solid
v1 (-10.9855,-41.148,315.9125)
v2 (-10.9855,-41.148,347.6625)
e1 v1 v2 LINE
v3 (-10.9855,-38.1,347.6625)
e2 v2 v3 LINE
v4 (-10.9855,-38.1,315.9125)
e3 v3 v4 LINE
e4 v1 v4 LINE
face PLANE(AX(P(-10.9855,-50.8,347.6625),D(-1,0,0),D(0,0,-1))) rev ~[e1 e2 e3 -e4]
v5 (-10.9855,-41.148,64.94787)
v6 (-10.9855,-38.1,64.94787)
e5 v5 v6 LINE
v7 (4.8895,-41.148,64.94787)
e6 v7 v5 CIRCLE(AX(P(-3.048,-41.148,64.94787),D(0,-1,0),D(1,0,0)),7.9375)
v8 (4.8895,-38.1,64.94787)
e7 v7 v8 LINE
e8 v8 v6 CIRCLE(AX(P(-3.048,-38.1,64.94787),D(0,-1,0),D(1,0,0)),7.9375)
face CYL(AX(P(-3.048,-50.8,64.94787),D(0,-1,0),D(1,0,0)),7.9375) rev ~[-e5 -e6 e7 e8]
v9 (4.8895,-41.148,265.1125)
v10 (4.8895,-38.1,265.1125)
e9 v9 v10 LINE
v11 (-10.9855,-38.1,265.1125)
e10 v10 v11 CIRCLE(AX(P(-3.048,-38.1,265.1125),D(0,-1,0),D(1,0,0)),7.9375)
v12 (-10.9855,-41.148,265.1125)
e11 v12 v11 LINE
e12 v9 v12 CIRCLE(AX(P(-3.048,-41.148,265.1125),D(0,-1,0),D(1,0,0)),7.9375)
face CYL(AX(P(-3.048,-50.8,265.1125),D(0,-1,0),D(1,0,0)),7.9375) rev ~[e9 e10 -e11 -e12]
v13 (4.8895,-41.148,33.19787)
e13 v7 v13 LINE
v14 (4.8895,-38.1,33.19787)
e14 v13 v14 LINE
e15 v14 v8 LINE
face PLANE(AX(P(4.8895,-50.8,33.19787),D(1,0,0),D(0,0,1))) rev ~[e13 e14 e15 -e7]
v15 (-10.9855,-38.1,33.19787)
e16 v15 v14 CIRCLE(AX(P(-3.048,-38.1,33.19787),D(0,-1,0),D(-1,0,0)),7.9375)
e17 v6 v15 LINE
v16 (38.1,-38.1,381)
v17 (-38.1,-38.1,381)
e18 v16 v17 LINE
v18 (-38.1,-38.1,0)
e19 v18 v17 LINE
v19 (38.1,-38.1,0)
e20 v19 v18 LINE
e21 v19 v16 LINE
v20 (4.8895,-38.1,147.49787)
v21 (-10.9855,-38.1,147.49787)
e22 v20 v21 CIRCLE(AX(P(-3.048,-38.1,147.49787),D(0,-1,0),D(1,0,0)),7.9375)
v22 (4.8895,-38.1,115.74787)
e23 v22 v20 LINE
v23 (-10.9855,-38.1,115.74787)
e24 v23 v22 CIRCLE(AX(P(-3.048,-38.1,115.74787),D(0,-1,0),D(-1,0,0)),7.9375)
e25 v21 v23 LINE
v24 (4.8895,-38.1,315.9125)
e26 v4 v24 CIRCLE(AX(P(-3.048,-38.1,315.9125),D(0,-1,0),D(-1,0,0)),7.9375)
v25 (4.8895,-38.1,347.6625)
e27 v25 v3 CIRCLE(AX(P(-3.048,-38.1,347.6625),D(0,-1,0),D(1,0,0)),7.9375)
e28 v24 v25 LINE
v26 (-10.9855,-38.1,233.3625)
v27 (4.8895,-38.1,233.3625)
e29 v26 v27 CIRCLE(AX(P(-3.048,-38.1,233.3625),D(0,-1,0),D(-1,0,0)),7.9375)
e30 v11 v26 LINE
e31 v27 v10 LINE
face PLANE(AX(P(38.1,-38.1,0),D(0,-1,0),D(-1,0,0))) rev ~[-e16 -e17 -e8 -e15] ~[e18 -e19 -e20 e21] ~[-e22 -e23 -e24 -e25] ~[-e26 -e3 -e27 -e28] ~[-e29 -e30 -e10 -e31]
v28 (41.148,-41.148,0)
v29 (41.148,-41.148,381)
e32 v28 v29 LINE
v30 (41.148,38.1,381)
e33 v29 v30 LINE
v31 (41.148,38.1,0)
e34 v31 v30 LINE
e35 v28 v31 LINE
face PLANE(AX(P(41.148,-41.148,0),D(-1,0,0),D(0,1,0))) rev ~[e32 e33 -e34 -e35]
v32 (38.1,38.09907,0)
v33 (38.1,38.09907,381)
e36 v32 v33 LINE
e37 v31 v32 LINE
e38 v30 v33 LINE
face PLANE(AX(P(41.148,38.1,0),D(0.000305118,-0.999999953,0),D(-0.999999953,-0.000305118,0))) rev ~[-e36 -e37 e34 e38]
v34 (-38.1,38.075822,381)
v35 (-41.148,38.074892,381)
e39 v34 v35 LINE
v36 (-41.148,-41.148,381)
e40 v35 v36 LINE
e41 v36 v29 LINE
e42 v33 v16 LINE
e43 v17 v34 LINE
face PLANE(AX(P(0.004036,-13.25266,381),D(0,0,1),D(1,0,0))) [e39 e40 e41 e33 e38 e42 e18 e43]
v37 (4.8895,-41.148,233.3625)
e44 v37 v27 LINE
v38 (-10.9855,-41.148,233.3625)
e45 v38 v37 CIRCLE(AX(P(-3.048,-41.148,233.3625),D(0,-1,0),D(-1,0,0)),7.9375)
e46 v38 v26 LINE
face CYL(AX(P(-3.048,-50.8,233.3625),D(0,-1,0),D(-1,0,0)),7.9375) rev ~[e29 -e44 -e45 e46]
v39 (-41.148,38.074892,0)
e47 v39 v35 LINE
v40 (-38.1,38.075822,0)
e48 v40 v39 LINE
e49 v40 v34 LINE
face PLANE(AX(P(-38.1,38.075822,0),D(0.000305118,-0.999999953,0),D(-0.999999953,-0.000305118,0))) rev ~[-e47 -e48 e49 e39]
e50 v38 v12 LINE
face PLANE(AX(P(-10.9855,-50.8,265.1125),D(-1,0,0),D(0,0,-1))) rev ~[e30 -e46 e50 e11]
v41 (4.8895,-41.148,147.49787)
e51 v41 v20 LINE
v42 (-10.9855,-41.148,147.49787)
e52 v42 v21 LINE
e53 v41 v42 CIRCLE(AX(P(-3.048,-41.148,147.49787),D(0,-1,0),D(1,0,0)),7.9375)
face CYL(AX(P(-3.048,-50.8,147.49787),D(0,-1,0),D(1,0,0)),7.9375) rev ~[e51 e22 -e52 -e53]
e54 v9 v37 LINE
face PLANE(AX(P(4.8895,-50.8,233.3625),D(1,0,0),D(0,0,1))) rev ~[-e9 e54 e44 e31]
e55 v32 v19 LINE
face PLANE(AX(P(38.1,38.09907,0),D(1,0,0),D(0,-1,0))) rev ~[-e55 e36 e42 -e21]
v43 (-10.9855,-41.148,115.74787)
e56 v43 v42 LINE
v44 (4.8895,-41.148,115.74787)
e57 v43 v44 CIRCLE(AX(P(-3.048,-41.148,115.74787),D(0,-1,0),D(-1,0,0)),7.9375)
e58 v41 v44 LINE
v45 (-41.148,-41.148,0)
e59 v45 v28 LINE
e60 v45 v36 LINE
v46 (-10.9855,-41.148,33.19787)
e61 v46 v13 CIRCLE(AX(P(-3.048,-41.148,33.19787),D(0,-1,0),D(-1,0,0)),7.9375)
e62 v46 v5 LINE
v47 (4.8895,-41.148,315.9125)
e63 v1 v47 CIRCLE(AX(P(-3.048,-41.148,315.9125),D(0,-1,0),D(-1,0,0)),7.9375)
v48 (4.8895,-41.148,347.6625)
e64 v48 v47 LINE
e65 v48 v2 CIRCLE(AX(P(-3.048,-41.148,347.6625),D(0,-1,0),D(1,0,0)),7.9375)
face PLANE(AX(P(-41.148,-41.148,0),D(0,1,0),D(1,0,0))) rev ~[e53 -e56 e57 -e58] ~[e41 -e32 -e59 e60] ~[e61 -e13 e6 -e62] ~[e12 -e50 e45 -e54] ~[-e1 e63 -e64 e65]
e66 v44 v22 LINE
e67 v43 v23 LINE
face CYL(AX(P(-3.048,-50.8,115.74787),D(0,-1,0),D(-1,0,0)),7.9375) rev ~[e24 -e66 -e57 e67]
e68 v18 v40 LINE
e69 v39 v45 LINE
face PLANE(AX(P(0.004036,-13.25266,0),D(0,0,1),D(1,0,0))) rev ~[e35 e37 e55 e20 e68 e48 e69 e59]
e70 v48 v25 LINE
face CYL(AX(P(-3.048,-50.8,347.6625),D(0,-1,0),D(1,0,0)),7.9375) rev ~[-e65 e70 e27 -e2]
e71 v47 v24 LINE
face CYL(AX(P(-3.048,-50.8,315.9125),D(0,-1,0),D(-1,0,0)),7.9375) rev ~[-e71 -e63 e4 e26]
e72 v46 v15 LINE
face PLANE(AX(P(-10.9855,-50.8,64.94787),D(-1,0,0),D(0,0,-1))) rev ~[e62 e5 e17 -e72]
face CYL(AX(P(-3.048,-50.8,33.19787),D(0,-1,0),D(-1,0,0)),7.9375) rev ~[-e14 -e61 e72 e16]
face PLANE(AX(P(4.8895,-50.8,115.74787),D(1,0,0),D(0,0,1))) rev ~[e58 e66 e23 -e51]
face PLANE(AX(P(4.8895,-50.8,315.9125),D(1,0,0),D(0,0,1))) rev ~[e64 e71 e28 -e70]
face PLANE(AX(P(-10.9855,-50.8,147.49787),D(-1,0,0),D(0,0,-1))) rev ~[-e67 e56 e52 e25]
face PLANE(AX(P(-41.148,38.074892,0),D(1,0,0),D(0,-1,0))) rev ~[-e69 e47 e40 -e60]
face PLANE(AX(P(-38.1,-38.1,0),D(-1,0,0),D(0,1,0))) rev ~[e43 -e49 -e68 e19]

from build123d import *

# Parameters (mm, degrees)
F1_DEPTH = 381
F4_DEPTH = 25.4


with BuildPart() as f1:
    # F0 (on Top) → F1 (new body)
    with BuildSketch(Plane.XY):
        Polygon((-41.148, 38.074892), (-41.148, -41.148), (41.148, -41.148), (41.148, 38.1), (38.1, 38.09907), (38.1, -38.1), (-38.1, -38.1), (-38.1, 38.075822), align=None)
    extrude(amount=F1_DEPTH)

    # F3 (on offset) → F4 (cut)
    with BuildSketch(Plane.XZ.offset(50.8)):
        with BuildLine():
            ThreePointArc((4.8895, 147.49787), (-3.048, 155.43537), (-10.9855, 147.49787))
            Line((-10.9855, 147.49787), (-10.9855, 115.74787))
            ThreePointArc((-10.9855, 115.74787), (-3.048, 107.81037), (4.8895, 115.74787))
            Line((4.8895, 115.74787), (4.8895, 147.49787))
        make_face()
        with BuildLine():
            ThreePointArc((4.8895, 64.94787), (-3.048, 72.88537), (-10.9855, 64.94787))
            Line((-10.9855, 64.94787), (-10.9855, 33.19787))
            ThreePointArc((-10.9855, 33.19787), (-3.048, 25.26037), (4.8895, 33.19787))
            Line((4.8895, 33.19787), (4.8895, 64.94787))
        make_face()
        with BuildLine():
            ThreePointArc((4.8895, 265.1125), (-3.048, 273.05), (-10.9855, 265.1125))
            Line((-10.9855, 265.1125), (-10.9855, 233.3625))
            ThreePointArc((-10.9855, 233.3625), (-3.048, 225.425), (4.8895, 233.3625))
            Line((4.8895, 233.3625), (4.8895, 265.1125))
        make_face()
        with BuildLine():
            ThreePointArc((4.8895, 347.6625), (-3.048, 355.6), (-10.9855, 347.6625))
            Line((-10.9855, 347.6625), (-10.9855, 315.9125))
            ThreePointArc((-10.9855, 315.9125), (-3.048, 307.975), (4.8895, 315.9125))
            Line((4.8895, 315.9125), (4.8895, 347.6625))
        make_face()
    extrude(amount=-F4_DEPTH, mode=Mode.SUBTRACT)


solid = f1.part
